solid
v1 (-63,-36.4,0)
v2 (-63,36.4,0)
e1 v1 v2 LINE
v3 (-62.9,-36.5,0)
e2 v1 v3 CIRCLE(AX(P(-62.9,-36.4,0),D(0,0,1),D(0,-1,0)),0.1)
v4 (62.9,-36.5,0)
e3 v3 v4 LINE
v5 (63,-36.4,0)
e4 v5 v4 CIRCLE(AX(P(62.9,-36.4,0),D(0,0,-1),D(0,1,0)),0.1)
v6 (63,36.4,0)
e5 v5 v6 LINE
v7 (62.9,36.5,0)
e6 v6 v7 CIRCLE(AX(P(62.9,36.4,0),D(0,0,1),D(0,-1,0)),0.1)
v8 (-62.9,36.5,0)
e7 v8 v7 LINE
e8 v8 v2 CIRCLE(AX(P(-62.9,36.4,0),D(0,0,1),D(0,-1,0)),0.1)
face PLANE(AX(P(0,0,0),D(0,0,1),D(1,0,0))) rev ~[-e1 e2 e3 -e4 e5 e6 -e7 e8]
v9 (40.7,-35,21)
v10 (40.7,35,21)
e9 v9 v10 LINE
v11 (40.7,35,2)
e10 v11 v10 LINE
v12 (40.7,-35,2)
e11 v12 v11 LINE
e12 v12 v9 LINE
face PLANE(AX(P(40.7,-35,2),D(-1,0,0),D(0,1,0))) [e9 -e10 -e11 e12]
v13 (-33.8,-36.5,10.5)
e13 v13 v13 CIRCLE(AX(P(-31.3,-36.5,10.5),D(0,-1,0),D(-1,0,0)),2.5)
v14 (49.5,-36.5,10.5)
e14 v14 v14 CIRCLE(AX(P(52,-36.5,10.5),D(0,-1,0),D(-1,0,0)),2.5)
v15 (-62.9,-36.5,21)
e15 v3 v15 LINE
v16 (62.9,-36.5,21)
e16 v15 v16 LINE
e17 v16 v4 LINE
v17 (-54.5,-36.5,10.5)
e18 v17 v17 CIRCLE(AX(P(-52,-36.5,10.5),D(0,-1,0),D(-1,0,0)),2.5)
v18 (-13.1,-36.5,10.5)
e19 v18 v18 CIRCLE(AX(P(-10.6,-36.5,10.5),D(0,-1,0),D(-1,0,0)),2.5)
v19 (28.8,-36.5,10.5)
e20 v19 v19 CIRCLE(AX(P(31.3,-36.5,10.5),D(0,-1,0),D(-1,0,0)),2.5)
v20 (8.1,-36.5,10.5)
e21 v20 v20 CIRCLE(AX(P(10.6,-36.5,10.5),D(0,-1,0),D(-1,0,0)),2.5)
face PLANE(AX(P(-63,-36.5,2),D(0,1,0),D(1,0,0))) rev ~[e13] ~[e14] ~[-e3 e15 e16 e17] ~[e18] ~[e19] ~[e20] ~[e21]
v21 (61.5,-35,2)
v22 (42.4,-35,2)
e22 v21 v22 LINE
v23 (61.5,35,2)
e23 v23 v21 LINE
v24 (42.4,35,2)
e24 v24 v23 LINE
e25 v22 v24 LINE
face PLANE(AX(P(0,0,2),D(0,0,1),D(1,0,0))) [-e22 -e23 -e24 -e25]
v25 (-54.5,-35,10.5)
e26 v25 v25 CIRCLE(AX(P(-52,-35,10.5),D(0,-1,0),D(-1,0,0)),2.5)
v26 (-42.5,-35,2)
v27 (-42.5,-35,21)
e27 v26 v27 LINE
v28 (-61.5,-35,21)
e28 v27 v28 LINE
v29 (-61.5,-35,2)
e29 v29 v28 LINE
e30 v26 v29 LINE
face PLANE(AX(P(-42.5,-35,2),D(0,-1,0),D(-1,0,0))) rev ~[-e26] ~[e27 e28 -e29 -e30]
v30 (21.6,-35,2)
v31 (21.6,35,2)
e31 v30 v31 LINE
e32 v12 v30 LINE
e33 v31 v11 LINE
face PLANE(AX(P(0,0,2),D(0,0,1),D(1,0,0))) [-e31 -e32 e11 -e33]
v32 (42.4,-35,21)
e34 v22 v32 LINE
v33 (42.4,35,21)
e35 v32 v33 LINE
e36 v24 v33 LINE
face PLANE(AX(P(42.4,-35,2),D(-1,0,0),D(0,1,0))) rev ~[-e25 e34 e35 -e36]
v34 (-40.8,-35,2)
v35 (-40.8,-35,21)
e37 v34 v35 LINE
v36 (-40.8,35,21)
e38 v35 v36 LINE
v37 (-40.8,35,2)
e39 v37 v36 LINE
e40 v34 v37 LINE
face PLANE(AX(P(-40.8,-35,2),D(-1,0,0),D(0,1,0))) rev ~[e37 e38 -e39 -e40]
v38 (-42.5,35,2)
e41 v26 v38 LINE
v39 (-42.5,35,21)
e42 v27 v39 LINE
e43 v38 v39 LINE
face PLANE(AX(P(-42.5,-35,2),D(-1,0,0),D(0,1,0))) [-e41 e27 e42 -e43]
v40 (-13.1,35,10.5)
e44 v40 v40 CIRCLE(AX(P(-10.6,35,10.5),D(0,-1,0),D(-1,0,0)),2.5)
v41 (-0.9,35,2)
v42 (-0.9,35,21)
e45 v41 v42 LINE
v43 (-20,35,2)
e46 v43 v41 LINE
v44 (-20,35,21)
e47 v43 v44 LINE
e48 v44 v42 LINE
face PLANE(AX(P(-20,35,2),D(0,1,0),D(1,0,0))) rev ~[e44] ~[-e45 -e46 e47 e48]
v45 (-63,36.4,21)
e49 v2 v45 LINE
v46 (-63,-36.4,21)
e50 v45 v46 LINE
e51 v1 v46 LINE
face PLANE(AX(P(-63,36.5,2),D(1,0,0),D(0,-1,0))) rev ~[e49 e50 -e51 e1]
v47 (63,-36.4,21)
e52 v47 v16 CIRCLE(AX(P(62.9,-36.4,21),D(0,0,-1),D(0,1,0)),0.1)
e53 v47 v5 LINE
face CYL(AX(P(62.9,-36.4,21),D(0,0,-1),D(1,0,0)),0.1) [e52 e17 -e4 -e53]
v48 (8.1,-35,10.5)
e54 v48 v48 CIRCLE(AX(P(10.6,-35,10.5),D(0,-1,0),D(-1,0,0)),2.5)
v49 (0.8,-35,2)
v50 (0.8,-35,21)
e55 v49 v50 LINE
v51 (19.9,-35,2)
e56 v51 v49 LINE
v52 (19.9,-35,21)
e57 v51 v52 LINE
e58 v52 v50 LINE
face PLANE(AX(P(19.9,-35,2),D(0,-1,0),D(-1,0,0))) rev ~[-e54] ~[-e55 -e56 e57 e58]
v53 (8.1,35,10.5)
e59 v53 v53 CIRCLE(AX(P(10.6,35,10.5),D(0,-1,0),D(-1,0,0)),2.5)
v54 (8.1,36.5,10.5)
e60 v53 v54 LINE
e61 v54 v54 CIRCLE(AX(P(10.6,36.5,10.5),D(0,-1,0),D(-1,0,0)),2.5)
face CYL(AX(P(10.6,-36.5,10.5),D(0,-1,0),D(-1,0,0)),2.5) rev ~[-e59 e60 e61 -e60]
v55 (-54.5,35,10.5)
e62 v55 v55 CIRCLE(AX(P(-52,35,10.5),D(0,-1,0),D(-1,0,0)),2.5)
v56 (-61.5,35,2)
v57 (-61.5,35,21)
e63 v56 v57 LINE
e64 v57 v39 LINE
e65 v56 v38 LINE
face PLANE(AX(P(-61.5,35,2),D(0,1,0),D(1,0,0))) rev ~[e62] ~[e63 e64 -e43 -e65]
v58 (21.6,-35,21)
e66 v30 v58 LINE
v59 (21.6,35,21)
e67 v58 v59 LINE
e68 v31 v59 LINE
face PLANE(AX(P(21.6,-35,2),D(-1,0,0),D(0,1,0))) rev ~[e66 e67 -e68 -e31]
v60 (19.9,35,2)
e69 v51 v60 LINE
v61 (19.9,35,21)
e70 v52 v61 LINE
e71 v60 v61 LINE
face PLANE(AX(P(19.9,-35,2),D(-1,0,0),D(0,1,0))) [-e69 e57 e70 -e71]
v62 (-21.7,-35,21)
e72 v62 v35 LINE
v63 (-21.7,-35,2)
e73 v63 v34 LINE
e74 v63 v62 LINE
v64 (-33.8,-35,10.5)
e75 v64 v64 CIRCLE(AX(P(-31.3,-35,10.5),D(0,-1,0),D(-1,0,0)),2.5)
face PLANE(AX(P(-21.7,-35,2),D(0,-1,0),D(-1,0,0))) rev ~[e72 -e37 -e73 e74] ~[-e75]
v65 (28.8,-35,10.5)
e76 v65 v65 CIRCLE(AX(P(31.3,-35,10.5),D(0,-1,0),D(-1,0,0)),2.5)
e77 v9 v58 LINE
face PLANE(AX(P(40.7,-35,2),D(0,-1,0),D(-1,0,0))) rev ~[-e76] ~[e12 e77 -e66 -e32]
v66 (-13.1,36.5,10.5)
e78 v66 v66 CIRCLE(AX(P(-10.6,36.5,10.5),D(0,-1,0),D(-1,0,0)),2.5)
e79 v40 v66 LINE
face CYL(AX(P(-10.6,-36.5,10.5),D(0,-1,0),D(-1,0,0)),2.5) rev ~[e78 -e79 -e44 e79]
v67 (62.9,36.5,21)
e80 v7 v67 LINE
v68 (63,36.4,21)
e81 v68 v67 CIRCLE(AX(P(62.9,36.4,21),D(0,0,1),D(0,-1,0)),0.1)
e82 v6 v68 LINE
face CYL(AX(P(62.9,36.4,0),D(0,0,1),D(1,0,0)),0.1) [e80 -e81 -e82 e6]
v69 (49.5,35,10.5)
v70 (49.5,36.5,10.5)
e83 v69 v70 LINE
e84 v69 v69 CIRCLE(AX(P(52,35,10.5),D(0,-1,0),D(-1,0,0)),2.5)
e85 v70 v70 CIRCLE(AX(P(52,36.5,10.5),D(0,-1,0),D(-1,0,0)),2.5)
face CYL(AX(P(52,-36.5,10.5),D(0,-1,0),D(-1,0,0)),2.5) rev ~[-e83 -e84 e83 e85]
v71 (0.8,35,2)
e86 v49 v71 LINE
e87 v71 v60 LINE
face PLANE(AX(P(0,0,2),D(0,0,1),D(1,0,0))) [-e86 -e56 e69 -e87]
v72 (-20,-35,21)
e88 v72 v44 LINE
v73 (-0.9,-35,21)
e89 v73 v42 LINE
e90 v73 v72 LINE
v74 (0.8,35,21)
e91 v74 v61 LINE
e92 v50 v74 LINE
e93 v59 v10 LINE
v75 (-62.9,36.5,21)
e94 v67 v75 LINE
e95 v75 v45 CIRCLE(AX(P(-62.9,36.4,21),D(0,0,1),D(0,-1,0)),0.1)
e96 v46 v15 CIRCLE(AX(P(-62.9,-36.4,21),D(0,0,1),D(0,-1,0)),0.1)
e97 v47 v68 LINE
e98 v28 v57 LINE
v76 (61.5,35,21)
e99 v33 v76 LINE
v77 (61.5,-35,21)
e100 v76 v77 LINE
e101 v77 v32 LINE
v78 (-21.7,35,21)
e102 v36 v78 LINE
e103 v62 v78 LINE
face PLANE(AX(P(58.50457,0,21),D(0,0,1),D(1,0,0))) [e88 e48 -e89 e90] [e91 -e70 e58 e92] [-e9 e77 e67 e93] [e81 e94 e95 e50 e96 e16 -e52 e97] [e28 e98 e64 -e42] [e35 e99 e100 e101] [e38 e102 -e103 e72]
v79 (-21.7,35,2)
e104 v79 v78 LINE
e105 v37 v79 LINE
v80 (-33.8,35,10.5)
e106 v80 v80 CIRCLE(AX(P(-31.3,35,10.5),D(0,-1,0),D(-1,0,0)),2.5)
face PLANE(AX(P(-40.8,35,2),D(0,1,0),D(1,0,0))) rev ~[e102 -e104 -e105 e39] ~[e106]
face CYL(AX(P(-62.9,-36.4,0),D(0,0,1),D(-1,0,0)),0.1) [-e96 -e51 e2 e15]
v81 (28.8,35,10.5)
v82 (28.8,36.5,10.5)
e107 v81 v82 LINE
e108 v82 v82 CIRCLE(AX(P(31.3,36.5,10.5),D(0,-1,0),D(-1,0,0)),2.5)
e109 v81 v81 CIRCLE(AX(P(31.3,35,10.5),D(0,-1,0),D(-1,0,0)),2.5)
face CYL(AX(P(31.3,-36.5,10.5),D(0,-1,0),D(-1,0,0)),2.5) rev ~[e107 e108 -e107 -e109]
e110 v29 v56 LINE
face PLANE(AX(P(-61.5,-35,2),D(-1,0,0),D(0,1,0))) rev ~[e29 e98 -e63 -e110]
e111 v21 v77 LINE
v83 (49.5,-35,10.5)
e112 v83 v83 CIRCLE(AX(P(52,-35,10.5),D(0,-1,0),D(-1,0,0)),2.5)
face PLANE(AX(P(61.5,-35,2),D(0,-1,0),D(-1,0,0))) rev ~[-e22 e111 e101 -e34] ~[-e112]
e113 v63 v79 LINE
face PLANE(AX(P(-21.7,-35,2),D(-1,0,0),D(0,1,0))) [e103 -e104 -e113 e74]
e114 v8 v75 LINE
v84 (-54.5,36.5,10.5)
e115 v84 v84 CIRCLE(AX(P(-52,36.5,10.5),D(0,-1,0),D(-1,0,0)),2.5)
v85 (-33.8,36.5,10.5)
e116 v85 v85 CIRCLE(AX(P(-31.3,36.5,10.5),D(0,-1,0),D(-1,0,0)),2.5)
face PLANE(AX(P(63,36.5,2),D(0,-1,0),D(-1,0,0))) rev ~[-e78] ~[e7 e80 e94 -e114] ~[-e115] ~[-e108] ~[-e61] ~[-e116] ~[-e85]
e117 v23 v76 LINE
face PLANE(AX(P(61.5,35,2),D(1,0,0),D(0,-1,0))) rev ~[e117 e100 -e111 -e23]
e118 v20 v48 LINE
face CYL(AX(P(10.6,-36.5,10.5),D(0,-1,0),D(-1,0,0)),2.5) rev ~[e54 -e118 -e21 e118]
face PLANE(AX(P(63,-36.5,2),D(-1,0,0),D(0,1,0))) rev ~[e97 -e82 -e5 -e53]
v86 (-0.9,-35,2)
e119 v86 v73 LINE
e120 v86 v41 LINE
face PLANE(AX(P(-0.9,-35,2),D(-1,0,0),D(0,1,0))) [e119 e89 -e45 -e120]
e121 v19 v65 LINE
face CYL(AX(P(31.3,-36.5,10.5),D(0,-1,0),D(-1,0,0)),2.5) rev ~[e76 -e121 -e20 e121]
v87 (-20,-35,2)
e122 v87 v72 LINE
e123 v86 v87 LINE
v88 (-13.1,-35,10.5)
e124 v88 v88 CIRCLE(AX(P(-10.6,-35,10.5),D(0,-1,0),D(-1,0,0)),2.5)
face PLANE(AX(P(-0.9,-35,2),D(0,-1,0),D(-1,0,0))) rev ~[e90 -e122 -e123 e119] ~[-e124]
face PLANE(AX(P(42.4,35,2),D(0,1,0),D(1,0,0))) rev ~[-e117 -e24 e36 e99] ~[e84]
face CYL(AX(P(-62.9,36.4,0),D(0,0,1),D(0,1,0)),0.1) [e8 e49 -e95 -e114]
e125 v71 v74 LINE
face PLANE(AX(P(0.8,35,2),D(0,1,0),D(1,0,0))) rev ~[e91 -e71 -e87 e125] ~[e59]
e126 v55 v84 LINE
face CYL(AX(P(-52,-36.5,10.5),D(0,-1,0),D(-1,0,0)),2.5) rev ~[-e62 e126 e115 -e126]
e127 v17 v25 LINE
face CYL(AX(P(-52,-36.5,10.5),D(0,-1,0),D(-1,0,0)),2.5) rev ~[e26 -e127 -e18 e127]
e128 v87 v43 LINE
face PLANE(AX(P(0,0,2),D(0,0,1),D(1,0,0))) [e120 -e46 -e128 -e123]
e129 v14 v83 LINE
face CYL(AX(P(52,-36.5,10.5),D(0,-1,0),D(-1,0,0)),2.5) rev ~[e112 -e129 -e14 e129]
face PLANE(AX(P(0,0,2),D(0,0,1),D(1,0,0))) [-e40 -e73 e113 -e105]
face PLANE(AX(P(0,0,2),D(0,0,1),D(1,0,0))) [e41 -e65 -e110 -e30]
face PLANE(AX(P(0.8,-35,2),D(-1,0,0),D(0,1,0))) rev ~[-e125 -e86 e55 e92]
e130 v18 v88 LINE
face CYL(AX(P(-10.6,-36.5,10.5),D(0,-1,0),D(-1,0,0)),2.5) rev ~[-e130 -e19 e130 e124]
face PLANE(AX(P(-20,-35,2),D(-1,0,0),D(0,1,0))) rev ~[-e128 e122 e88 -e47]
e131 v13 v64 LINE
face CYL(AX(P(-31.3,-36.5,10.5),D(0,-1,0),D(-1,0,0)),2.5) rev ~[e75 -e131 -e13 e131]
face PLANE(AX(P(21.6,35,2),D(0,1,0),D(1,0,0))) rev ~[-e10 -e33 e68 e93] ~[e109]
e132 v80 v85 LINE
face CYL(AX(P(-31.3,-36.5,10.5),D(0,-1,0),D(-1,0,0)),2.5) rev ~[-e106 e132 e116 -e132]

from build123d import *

# Parameters (mm, degrees)
F0_W     = 126
F0_H     = 73
F1_DEPTH = 2
F2_W     = 1.7
F2_H     = 1.5
F2_W_2   = 19.1
F2_H_2   = 70
F3_DEPTH = 19
F5_DEPTH = 100
F6_R     = 0.1


with BuildPart() as f1:
    # F0 (on Top) → F1 (new body)
    with BuildSketch(Plane.XY):
        Rectangle(F0_W, F0_H)
    extrude(amount=F1_DEPTH)

    # F2 (on face) → F3 (join)
    with BuildSketch(Plane.XY.offset(2)):
        Polygon((42.4, 35), (61.5, 35), (61.5, -35), (42.4, -35), (42.4, -36.5), (63, -36.5), (63, 36.5), (42.4, 36.5), align=None)
        with Locations((41.55, 35.75)):
            Rectangle(F2_W, F2_H)
        with Locations((31.15, 35.75)):
            Rectangle(F2_W_2, F2_H)
        with Locations((41.55, -35.75)):
            Rectangle(F2_W, F2_H)
        with Locations((20.75, 35.75)):
            Rectangle(F2_W, F2_H)
        with Locations((31.15, -35.75)):
            Rectangle(F2_W_2, F2_H)
        with Locations((10.35, 35.75)):
            Rectangle(F2_W_2, F2_H)
        with Locations((20.75, -35.75)):
            Rectangle(F2_W, F2_H)
        with Locations((-0.05, 35.75)):
            Rectangle(F2_W, F2_H)
        with Locations((10.35, -35.75)):
            Rectangle(F2_W_2, F2_H)
        with Locations((-10.45, 35.75)):
            Rectangle(F2_W_2, F2_H)
        with Locations((-0.05, -35.75)):
            Rectangle(F2_W, F2_H)
        with Locations((-20.85, 35.75)):
            Rectangle(F2_W, F2_H)
        with Locations((-10.45, -35.75)):
            Rectangle(F2_W_2, F2_H)
        with Locations((-31.25, 35.75)):
            Rectangle(F2_W_2, F2_H)
        with Locations((-20.85, -35.75)):
            Rectangle(F2_W, F2_H)
        with Locations((-41.65, 35.75)):
            Rectangle(F2_W, F2_H)
        with Locations((-31.25, -35.75)):
            Rectangle(F2_W_2, F2_H)
        Polygon((-61.5, 35), (-42.5, 35), (-42.5, 36.5), (-63, 36.5), (-63, -36.5), (-42.5, -36.5), (-42.5, -35), (-61.5, -35), align=None)
        with Locations((-41.65, -35.75)):
            Rectangle(F2_W, F2_H)
        with Locations((-41.65, 0)):
            Rectangle(F2_W, F2_H_2)
        with Locations((-20.85, 0)):
            Rectangle(F2_W, F2_H_2)
        with Locations((-0.05, 0)):
            Rectangle(F2_W, F2_H_2)
        with Locations((20.75, 0)):
            Rectangle(F2_W, F2_H_2)
        with Locations((41.55, 0)):
            Rectangle(F2_W, F2_H_2)
    extrude(amount=F3_DEPTH)

    # F4 (on face) → F5 (cut)
    with BuildSketch(Plane.XZ.offset(36.5)):
        with BuildLine():
            ThreePointArc((-49.5, 10.5), (-52, 13), (-54.5, 10.5))
            Line((-54.5, 10.5), (-49.5, 10.5))
        make_face()
        with BuildLine():
            ThreePointArc((54.5, 10.5), (52, 13), (49.5, 10.5))
            Line((49.5, 10.5), (54.5, 10.5))
        make_face()
        with BuildLine():
            Line((54.5, 10.5), (49.5, 10.5))
            ThreePointArc((49.5, 10.5), (52, 8), (54.5, 10.5))
        make_face()
        with BuildLine():
            ThreePointArc((33.8, 10.5), (31.3, 13), (28.8, 10.5))
            Line((28.8, 10.5), (33.8, 10.5))
        make_face()
        with BuildLine():
            Line((33.8, 10.5), (28.8, 10.5))
            ThreePointArc((28.8, 10.5), (31.3, 8), (33.8, 10.5))
        make_face()
        with BuildLine():
            ThreePointArc((13.1, 10.5), (10.6, 13), (8.1, 10.5))
            Line((8.1, 10.5), (13.1, 10.5))
        make_face()
        with BuildLine():
            Line((13.1, 10.5), (8.1, 10.5))
            ThreePointArc((8.1, 10.5), (10.6, 8), (13.1, 10.5))
        make_face()
        with BuildLine():
            ThreePointArc((-8.1, 10.5), (-10.6, 13), (-13.1, 10.5))
            Line((-13.1, 10.5), (-8.1, 10.5))
        make_face()
        with BuildLine():
            Line((-8.1, 10.5), (-13.1, 10.5))
            ThreePointArc((-13.1, 10.5), (-10.6, 8), (-8.1, 10.5))
        make_face()
        with BuildLine():
            ThreePointArc((-28.8, 10.5), (-31.3, 13), (-33.8, 10.5))
            Line((-33.8, 10.5), (-28.8, 10.5))
        make_face()
        with BuildLine():
            Line((-28.8, 10.5), (-33.8, 10.5))
            ThreePointArc((-33.8, 10.5), (-31.3, 8), (-28.8, 10.5))
        make_face()
        with BuildLine():
            Line((-49.5, 10.5), (-54.5, 10.5))
            ThreePointArc((-54.5, 10.5), (-52, 8), (-49.5, 10.5))
        make_face()
    extrude(amount=-F5_DEPTH, mode=Mode.SUBTRACT)

    # F6
    f6_edges = [f1.edges().sort_by_distance(p)[0] for p in [
        (-63, -36.5, 10.5),
        (63, -36.5, 10.5),
        (63, 36.5, 10.5),
        (-63, 36.5, 10.5),
    ]]
    fillet(f6_edges, radius=F6_R)


solid = f1.part
